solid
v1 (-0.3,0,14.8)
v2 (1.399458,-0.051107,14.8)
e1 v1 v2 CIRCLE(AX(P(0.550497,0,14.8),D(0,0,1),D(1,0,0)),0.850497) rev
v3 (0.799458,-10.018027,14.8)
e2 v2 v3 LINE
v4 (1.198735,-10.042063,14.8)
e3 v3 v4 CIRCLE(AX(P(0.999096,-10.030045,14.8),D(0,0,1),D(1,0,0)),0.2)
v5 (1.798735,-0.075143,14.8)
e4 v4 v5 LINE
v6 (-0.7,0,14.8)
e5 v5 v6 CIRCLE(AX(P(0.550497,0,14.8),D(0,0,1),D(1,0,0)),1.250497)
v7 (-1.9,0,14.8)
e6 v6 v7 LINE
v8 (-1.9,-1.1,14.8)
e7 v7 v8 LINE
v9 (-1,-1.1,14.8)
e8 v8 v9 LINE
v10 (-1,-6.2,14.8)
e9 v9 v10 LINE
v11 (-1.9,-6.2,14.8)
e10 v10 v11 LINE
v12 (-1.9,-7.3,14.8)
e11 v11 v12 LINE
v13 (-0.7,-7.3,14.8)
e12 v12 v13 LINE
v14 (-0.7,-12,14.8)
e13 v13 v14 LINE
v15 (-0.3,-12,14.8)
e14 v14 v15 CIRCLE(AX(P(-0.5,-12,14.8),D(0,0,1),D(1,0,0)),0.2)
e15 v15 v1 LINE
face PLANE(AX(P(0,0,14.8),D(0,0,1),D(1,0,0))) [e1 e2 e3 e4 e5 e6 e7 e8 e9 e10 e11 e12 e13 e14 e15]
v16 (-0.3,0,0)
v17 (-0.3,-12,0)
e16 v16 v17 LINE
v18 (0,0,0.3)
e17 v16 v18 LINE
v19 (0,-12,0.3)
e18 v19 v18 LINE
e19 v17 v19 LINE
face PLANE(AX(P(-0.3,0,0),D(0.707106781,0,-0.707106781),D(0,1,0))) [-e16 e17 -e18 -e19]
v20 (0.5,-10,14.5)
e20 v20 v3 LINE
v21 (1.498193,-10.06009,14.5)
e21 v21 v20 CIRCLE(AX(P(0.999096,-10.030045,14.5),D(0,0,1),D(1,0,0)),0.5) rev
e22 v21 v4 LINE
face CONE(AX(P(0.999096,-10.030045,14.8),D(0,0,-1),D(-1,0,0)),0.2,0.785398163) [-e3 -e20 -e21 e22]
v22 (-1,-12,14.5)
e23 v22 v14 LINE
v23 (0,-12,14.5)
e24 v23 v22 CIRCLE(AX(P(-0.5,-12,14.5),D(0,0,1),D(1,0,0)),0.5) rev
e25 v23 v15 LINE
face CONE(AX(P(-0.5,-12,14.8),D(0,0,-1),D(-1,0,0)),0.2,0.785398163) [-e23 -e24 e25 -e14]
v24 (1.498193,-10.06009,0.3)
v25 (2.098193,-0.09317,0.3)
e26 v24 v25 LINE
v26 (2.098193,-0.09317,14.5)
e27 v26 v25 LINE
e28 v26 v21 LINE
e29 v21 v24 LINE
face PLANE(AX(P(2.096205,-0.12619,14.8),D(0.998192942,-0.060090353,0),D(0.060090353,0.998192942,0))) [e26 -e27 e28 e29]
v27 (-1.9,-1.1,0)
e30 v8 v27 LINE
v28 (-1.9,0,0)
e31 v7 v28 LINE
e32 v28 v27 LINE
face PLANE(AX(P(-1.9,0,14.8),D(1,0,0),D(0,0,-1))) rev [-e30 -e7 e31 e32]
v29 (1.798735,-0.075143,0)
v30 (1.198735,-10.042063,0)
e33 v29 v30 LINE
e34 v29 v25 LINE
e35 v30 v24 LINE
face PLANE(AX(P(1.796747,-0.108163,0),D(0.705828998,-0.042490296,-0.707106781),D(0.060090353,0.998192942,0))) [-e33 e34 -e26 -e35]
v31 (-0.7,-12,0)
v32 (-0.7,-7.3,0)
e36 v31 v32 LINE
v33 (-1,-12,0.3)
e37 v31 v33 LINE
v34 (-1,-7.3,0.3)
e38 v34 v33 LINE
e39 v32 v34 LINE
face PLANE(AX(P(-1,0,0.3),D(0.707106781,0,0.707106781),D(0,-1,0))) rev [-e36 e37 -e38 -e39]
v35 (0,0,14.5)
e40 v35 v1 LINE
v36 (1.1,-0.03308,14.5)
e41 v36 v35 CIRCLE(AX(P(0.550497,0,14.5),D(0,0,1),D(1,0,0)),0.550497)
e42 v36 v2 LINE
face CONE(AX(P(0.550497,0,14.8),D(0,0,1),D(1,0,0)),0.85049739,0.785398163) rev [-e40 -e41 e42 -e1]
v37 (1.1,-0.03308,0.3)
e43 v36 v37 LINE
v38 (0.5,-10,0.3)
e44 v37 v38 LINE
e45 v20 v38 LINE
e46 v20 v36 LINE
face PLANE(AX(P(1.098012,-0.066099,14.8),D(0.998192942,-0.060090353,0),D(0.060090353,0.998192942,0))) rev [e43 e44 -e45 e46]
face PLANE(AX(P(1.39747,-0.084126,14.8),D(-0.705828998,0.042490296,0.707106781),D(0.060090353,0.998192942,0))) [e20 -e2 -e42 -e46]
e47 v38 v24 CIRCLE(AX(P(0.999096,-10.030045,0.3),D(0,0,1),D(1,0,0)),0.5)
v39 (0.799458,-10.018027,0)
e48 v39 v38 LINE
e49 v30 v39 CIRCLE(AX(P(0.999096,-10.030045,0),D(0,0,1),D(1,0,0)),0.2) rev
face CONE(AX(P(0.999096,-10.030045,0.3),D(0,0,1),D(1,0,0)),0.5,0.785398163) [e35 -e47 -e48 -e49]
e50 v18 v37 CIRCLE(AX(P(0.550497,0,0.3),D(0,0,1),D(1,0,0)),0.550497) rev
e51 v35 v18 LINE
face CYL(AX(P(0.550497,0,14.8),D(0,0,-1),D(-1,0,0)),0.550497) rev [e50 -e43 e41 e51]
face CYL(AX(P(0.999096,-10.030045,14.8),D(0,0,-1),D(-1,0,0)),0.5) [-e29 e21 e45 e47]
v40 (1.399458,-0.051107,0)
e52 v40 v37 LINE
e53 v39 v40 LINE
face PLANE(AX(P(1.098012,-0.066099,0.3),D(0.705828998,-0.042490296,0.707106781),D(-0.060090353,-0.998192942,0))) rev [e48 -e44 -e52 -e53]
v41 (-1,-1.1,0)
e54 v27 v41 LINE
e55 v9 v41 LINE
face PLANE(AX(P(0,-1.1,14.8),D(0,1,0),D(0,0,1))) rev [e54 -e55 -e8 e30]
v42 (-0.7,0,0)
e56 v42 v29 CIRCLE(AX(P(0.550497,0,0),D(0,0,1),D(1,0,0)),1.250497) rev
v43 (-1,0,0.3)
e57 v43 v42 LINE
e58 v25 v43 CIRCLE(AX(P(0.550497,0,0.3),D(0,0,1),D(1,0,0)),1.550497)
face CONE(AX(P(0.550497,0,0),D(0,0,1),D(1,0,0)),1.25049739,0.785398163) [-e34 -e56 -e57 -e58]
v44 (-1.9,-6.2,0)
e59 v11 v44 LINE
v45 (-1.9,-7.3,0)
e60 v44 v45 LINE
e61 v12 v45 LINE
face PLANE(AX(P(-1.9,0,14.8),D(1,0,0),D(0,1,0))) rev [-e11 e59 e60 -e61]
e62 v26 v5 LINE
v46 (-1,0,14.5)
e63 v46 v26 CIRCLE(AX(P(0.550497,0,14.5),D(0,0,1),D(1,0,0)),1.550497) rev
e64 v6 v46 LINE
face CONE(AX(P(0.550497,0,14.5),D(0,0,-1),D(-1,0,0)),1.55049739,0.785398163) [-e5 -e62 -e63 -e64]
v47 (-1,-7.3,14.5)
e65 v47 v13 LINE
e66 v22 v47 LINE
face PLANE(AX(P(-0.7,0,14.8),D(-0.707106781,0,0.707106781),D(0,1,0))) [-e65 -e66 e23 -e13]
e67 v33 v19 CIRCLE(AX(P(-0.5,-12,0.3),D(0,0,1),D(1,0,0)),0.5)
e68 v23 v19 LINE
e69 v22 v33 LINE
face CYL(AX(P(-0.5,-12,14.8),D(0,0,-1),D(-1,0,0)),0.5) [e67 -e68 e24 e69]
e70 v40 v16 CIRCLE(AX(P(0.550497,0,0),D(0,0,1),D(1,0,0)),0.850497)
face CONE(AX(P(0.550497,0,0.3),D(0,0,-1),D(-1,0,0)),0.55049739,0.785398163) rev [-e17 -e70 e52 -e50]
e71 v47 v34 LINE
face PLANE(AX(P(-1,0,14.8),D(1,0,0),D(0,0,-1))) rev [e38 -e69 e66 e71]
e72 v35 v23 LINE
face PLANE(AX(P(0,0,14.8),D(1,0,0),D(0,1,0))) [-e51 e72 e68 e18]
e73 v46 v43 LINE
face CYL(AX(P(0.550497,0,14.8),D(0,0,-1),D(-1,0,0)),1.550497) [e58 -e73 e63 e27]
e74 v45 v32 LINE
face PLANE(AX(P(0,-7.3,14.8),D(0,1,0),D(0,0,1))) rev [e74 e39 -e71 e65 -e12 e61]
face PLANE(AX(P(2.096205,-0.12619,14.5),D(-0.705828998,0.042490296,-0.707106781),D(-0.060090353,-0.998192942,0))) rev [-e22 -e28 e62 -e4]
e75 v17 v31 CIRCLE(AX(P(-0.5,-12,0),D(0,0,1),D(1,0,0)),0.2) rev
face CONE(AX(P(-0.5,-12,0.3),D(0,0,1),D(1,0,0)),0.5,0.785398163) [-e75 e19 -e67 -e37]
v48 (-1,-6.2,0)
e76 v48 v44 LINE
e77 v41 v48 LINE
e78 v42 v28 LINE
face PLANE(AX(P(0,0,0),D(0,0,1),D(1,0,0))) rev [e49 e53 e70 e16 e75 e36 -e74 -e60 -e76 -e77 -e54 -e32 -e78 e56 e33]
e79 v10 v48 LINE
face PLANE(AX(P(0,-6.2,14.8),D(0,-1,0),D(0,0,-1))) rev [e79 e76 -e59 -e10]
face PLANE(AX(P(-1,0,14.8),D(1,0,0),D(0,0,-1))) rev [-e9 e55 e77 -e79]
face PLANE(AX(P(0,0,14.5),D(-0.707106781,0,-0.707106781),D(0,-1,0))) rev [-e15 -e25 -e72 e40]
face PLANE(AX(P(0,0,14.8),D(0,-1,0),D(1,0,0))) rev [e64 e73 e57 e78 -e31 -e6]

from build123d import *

# Parameters (mm, degrees)
SKETCH1_W           = 0.9
SKETCH1_H           = 1.1
BOSS_EXTRUDE1_DEPTH = 14.8
CHAMFER1_SIZE       = 0.3


with BuildPart() as part:
    # Sketch1 → Boss-Extrude1 (new body)
    with BuildSketch(Plane.XY):
        with BuildLine():
            Line((1.1, -0.033079582), (0.5, -10))
            ThreePointArc((0.5, -10), (0.969051295, -10.529141647), (1.498192942, -10.060090353))
            Line((1.498192942, -10.060090353), (2.098192942, -0.093169935))
            ThreePointArc((2.098192942, -0.093169935), (0.597103418, 1.549796772), (-1, 0))
            Line((-1, 0), (-1, -12))
            ThreePointArc((-1, -12), (-0.5, -12.5), (0, -12))
            Line((0, -12), (0, 0))
            ThreePointArc((0, 0), (0.567044659, 0.550248639), (1.1, -0.033079582))
        make_face()
        with Locations((-1.45, -0.55)):
            Rectangle(SKETCH1_W, SKETCH1_H)
        with Locations((-1.45, -6.75)):
            Rectangle(SKETCH1_W, SKETCH1_H)
    extrude(amount=BOSS_EXTRUDE1_DEPTH)

    # Chamfer1
    chamfer1_edges = [part.edges().sort_by_distance(p)[0] for p in [
        (0.969051295, -10.529141647, 14.8),
        (1.798192942, -5.076630144, 14.8),
        (0.567044659, 0.550248639, 0),
        (0, -6, 0),
        (-0.5, -12.5, 0),
        (-1, -9.65, 0),
        (0.597103418, 1.549796772, 14.8),
        (0.597103418, 1.549796772, 0),
        (1.798192942, -5.076630144, 0),
        (0.969051295, -10.529141647, 0),
        (0.8, -5.016539791, 0),
        (0.8, -5.016539791, 14.8),
        (-1, -9.65, 14.8),
        (-0.5, -12.5, 14.8),
        (0, -6, 14.8),
        (0.567044659, 0.550248639, 14.8),
    ]]
    chamfer(chamfer1_edges, length=CHAMFER1_SIZE)


solid = part.part
